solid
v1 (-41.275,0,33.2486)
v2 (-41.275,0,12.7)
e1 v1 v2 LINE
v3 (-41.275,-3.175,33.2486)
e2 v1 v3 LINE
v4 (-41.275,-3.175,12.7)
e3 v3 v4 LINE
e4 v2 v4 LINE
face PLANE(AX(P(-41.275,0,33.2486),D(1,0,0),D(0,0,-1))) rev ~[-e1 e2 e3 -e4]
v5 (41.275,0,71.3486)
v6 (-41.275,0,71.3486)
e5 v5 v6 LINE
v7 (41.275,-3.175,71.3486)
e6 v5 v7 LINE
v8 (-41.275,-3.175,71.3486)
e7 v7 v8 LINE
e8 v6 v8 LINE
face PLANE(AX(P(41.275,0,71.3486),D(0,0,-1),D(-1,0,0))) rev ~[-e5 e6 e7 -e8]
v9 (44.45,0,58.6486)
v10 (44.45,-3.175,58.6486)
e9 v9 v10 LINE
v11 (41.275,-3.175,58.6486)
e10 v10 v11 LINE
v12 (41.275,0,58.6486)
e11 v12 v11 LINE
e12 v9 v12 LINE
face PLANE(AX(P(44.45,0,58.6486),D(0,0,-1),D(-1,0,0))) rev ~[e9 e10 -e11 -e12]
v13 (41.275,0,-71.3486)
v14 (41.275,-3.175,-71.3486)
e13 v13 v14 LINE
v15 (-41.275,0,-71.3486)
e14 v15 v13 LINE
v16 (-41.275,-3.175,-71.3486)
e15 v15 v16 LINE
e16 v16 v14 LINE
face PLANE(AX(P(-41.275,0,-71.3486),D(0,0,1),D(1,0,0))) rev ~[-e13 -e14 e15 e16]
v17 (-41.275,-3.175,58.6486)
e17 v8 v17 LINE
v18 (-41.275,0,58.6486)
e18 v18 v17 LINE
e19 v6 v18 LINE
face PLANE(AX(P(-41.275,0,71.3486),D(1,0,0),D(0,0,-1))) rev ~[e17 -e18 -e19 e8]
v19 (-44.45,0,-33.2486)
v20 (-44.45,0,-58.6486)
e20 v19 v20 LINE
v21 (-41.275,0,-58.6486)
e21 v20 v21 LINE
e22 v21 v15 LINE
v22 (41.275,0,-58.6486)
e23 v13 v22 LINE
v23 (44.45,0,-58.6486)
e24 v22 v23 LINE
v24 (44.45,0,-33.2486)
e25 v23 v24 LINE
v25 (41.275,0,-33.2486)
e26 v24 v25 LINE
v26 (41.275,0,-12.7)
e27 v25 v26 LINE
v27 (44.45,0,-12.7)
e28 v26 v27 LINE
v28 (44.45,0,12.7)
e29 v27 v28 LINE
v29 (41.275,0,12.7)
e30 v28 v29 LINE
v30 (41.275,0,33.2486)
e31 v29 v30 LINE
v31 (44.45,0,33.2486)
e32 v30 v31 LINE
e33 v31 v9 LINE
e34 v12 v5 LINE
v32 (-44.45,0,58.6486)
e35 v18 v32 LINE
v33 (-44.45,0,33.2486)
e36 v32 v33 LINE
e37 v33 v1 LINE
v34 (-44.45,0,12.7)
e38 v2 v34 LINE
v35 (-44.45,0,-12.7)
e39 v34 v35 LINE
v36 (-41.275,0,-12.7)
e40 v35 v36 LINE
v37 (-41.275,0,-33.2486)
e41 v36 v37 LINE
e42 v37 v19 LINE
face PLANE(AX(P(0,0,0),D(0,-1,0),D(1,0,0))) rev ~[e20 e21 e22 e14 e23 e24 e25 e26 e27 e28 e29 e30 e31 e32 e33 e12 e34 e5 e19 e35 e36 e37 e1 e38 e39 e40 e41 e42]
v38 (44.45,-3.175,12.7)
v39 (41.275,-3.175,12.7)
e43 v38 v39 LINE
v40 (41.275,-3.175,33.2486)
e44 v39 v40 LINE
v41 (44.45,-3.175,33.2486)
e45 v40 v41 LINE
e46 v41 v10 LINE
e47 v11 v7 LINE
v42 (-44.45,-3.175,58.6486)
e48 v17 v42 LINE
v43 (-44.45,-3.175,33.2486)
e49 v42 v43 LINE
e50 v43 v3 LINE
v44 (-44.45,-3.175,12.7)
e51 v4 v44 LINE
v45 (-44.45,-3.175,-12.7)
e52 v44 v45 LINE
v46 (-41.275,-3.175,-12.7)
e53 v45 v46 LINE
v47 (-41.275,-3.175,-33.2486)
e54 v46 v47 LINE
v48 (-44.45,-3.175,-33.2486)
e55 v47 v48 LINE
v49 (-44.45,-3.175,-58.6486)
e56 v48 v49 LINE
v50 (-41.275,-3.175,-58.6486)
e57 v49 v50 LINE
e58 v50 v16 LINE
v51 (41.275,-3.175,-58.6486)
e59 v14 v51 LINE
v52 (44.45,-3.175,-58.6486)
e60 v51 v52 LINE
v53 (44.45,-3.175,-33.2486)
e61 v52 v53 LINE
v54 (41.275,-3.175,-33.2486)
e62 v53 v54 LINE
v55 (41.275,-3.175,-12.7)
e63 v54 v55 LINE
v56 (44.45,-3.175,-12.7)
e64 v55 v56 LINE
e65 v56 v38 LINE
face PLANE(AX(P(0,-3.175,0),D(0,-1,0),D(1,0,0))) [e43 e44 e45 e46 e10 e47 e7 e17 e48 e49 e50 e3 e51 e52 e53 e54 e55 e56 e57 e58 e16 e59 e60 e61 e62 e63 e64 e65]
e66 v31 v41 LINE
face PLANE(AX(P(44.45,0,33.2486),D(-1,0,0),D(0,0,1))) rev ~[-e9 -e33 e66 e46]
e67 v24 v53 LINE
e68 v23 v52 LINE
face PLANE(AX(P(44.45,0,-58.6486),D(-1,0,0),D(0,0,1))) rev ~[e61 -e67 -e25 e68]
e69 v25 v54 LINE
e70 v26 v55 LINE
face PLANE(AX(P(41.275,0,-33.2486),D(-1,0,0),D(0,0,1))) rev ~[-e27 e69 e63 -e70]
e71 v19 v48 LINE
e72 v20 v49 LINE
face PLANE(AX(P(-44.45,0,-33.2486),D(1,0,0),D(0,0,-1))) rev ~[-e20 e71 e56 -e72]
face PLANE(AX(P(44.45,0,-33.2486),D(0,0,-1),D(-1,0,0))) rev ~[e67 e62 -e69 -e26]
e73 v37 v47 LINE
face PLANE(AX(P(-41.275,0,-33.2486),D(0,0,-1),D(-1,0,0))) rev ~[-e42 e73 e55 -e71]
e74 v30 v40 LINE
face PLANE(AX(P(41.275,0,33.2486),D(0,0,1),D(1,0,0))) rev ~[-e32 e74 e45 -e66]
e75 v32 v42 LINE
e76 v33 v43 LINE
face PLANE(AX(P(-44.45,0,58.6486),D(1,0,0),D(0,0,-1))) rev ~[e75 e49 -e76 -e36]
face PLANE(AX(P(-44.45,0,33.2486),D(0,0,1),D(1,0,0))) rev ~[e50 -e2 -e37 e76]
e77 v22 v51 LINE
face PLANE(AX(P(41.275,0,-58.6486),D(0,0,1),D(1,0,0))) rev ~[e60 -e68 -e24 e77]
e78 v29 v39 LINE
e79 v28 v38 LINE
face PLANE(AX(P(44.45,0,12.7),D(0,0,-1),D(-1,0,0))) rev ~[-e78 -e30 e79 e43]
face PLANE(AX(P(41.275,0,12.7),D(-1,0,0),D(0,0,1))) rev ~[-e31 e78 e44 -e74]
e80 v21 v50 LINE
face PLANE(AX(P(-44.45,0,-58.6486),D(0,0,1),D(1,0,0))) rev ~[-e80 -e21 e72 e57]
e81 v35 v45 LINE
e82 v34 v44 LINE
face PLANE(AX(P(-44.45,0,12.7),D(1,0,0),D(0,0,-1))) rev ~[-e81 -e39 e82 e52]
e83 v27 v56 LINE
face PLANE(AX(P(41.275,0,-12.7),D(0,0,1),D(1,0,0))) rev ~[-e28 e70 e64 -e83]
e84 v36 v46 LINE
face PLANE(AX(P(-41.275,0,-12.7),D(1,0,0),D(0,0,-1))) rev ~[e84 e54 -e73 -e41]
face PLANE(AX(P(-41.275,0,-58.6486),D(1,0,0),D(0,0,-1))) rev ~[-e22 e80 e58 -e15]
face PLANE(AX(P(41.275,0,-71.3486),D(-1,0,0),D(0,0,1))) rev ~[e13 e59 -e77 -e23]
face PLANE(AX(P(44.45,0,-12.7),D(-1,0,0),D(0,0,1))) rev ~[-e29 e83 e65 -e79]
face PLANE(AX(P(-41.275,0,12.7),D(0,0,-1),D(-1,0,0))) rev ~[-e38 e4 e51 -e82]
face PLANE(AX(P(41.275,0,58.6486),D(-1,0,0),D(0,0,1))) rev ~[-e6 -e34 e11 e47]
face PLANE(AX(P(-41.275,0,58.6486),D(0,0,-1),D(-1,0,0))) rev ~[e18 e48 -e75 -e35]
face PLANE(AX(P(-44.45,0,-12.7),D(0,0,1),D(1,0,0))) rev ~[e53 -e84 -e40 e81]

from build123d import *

# Parameters (mm, degrees)
F1_DEPTH = 3.175


with BuildPart() as f1:
    # F0 (on Front) → F1 (new body)
    with BuildSketch(Plane.XZ):
        Polygon((-41.275, -71.3486), (41.275, -71.3486), (41.275, -58.6486), (44.45, -58.6486), (44.45, -33.2486), (41.275, -33.2486), (41.275, -12.7), (44.45, -12.7), (44.45, 12.7), (41.275, 12.7), (41.275, 33.2486), (44.45, 33.2486), (44.45, 58.6486), (41.275, 58.6486), (41.275, 71.3486), (-41.275, 71.3486), (-41.275, 58.6486), (-44.45, 58.6486), (-44.45, 33.2486), (-41.275, 33.2486), (-41.275, 12.7), (-44.45, 12.7), (-44.45, -12.7), (-41.275, -12.7), (-41.275, -33.2486), (-44.45, -33.2486), (-44.45, -58.6486), (-41.275, -58.6486), align=None)
    extrude(amount=F1_DEPTH)


solid = f1.part
